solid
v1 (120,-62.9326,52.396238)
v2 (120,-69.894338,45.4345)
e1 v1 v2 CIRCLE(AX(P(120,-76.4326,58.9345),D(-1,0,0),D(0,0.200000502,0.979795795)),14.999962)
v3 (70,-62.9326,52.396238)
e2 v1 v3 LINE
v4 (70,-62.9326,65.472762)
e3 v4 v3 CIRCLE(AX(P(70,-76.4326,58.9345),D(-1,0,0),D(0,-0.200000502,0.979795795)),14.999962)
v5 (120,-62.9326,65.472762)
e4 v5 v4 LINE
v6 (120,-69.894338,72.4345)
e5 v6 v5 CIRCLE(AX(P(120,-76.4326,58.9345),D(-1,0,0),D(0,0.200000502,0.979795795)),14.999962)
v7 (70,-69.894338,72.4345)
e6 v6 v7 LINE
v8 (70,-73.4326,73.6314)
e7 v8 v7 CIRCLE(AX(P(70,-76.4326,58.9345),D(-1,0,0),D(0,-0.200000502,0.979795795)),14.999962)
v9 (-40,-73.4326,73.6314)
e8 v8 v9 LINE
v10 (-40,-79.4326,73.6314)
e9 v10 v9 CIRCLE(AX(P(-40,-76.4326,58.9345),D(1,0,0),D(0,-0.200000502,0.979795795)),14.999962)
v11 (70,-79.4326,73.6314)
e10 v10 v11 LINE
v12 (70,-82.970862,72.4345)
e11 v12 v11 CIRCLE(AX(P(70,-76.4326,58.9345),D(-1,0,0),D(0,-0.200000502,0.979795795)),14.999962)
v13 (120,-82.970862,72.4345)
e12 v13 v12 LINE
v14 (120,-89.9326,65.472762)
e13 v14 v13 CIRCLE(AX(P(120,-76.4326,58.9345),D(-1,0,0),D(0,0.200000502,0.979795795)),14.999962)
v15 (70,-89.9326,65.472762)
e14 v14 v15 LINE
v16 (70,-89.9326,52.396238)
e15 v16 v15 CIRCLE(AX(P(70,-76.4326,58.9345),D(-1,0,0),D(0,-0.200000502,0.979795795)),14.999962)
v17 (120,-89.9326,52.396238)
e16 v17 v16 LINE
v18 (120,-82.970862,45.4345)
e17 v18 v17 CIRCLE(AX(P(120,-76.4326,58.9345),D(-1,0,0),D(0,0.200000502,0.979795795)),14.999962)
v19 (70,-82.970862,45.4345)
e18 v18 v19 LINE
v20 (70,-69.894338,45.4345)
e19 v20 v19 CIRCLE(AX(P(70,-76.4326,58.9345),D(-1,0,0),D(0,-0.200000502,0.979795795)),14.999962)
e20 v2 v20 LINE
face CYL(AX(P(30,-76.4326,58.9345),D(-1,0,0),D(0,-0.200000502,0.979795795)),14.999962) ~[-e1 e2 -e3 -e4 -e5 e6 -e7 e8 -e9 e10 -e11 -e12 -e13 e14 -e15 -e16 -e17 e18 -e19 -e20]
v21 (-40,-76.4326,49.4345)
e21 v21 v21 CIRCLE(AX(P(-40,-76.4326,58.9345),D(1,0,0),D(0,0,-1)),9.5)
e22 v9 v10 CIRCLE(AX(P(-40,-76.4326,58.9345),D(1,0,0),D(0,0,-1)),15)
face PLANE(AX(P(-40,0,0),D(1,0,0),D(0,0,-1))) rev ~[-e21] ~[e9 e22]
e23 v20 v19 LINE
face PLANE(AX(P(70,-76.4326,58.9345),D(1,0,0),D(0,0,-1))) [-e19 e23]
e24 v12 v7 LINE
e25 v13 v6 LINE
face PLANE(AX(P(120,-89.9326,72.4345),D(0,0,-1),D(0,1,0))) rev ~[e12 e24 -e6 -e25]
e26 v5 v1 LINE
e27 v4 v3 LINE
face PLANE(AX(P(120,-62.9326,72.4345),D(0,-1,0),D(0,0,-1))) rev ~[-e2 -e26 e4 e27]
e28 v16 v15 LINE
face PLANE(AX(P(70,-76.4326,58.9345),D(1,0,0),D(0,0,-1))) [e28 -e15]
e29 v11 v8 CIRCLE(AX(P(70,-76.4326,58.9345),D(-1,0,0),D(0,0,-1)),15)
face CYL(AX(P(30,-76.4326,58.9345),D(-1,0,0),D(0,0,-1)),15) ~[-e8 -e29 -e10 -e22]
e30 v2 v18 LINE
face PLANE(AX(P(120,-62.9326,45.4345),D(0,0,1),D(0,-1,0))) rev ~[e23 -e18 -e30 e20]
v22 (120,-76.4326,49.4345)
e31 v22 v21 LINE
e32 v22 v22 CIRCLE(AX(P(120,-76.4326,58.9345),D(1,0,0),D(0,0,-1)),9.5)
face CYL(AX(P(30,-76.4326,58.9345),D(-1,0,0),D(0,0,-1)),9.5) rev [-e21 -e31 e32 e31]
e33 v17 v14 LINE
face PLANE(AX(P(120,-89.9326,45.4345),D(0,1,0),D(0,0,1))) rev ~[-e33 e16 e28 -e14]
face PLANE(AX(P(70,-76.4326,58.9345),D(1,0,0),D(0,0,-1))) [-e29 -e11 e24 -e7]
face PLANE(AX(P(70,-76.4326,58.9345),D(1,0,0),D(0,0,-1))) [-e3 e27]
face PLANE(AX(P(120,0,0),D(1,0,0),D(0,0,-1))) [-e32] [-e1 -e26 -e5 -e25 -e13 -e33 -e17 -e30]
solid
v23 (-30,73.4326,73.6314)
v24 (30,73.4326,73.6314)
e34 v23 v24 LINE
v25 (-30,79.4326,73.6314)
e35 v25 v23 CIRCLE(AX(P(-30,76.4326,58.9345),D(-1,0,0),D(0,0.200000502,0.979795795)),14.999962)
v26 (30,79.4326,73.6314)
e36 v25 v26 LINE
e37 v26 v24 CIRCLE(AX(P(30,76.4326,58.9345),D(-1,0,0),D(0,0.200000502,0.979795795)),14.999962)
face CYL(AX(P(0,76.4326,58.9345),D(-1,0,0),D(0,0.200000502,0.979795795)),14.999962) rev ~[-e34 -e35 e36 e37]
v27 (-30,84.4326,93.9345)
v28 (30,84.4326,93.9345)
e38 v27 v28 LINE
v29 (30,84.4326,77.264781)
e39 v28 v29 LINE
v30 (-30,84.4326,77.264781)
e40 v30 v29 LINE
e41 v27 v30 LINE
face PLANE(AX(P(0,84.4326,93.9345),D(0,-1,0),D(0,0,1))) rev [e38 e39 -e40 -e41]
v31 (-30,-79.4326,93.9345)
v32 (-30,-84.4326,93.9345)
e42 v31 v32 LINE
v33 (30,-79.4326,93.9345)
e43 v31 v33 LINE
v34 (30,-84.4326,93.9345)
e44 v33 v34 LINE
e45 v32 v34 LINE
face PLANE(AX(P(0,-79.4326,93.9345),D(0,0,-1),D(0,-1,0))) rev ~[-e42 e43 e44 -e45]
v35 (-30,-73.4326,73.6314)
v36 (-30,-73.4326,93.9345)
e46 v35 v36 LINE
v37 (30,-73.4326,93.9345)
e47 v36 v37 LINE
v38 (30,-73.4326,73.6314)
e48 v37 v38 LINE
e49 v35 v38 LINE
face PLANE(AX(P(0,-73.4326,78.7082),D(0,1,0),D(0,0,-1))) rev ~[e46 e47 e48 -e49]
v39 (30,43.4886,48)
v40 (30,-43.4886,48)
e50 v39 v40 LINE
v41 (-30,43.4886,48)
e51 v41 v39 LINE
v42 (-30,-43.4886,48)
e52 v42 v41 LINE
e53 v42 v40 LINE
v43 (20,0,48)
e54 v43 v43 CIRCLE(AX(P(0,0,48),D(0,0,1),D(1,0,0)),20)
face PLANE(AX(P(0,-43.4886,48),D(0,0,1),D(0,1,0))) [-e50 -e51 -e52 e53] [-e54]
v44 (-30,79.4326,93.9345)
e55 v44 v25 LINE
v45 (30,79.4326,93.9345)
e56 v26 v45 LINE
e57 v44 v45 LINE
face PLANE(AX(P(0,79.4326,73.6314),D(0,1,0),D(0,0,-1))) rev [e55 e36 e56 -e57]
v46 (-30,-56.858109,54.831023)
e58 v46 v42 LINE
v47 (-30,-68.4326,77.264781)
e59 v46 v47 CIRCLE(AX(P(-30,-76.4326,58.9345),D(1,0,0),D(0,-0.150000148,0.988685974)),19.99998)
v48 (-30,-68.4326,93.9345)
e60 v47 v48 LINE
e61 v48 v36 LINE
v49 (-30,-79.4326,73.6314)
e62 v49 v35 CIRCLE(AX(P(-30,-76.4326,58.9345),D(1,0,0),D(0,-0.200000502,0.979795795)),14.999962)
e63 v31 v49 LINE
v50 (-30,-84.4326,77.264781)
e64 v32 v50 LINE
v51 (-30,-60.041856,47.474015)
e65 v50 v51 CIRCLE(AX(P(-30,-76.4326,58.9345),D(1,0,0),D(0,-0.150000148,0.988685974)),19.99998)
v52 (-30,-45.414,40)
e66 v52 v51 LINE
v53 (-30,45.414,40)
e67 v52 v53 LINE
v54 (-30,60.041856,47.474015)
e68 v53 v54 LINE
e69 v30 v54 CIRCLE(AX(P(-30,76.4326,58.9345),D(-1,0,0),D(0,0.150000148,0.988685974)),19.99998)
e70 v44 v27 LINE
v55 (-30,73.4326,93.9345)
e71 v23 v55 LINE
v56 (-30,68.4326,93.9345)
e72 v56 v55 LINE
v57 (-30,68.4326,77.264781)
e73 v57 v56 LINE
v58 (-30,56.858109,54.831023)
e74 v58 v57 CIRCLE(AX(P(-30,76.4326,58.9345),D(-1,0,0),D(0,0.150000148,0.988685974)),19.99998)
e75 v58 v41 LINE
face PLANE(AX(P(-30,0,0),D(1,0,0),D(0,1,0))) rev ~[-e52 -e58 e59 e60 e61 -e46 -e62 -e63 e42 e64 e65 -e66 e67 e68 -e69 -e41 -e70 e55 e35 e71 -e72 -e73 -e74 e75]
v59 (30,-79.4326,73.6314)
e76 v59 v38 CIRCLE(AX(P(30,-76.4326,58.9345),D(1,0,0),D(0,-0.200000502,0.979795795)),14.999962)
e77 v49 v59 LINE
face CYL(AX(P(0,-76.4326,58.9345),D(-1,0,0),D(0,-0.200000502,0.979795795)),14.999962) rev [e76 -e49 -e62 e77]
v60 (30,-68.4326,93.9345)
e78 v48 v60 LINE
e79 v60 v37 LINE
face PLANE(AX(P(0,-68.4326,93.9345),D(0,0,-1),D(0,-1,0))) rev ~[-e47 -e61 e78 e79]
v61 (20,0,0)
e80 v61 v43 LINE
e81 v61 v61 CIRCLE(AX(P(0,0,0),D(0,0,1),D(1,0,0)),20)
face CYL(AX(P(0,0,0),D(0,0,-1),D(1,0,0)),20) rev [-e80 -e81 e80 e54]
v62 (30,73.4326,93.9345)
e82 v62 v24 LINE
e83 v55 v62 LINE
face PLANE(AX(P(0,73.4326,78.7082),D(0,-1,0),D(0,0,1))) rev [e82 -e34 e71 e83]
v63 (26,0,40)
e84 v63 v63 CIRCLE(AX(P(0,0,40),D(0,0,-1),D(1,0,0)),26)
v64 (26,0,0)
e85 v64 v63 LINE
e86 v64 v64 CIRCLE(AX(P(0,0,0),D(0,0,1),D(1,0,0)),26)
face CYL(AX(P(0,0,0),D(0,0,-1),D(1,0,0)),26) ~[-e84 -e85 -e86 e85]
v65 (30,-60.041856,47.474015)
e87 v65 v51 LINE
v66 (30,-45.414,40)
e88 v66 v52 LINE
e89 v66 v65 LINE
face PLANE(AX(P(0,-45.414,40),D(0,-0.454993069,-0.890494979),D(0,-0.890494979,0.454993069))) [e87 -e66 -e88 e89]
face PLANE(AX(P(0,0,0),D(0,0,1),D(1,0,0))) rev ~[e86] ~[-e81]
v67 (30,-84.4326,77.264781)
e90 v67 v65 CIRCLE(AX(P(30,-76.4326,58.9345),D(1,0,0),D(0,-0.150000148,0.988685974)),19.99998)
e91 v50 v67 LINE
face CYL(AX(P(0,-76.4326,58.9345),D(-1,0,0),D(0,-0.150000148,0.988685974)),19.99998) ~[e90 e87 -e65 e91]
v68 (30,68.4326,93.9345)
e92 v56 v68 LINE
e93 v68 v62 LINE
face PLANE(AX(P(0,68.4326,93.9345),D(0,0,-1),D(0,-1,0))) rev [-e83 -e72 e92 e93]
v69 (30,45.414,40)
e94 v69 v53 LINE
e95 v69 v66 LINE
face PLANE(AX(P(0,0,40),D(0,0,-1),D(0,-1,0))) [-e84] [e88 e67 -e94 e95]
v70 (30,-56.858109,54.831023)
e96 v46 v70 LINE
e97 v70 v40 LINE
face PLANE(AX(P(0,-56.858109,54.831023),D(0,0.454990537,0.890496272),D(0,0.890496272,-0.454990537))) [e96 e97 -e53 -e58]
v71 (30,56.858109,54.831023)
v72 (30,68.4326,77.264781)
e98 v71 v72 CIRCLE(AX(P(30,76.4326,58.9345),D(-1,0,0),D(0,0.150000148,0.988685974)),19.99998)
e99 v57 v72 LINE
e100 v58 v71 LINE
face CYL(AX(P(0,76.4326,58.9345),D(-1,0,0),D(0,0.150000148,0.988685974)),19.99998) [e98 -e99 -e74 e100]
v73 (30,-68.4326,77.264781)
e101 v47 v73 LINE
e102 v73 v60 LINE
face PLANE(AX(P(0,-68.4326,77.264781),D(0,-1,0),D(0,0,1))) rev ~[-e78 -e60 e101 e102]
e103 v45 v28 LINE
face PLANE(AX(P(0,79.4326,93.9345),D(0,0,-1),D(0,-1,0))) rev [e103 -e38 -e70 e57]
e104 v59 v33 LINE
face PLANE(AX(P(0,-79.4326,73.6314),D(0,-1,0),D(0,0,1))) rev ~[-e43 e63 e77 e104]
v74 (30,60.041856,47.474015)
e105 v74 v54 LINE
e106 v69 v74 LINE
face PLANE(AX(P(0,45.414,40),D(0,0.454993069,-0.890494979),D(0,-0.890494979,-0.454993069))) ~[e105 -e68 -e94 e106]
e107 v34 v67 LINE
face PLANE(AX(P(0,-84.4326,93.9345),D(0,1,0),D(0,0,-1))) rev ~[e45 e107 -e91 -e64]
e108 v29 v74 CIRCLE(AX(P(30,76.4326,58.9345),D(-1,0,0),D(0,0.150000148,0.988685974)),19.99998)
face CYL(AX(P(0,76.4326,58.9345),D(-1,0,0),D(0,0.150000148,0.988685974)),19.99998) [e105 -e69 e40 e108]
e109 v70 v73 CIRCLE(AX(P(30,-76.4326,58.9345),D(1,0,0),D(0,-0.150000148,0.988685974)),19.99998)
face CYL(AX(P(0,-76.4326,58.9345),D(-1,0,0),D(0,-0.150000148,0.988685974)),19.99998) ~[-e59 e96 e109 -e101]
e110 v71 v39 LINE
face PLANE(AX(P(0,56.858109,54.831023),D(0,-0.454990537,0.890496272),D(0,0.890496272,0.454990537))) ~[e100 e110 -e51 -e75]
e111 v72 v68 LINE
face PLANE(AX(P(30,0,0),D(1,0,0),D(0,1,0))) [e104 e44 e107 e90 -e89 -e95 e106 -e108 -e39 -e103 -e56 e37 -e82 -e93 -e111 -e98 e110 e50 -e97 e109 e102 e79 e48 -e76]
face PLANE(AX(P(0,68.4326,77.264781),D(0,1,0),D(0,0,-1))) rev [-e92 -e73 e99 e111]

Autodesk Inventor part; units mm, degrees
ref_plane "YZ Plane" through (0, 0, 0) normal (1, 0, 0) x (0, 1, 0)
ref_plane "XZ Plane" through (0, 0, 0) normal (0, 1, 0) x (-1, 0, 0)
ref_plane "XY Plane" through (0, 0, 0) normal (0, 0, 1) x (1, 0, 0)
sketch "Náčrt1" plane through (0, 0, 0) normal (0, 0, 1) x (1, 0, 0)
  point P0 (0, 0)
sketch "Náčrt2" plane through (0, 0, 0) normal (0, 0, 1) x (1, 0, 0)
  circle A0 centre (0, 0) radius 20
  circle A1 centre (0, 0) radius 26
  dimension "d0" = 40
  dimension "d1" = 6
extrude "Vysunutí1" add sketch "Náčrt2" along normal blind 40
sketch "Náčrt3" plane through (0, 0, 0) normal (1, 0, 0) x (0, 1, 0)
  line L0 (26, 40) -> (-26, 40) projected
  line L1 (0, 40) -> (-45.414, 40)
  line L2 (-45.414, 40) -> (-62.0898, 48.5204)
  line L3 (-58.9679, 55.909) -> (-43.4886, 48)
  line L4 (-43.4886, 48) -> (0, 48)
  arc A0 (-79.4326, 78.7082) -> (-73.4326, 78.7082) centre (-76.4326, 58.9345) ccw
  line L5 (-58.9679, 55.909) -> (-62.0898, 48.5204)
  line L6 (-60.5289, 52.2147) -> (-76.4326, 58.9345) construction
  line L7 (-76.4326, 58.9345) -> (-76.4326, 91.1664) construction
  line L8 (-79.4326, 93.9345) -> (-84.4326, 93.9345)
  line L9 (-84.4326, 93.9345) -> (-84.4326, 73.6314)
  line L10 (-84.4326, 73.6314) -> (-79.4326, 73.6314)
  line L11 (-79.4326, 73.6314) -> (-79.4326, 93.9345)
  line L12 (-73.4326, 73.6314) -> (-68.4326, 73.6314)
  line L13 (-68.4326, 73.6314) -> (-68.4326, 93.9345)
  line L14 (-68.4326, 93.9345) -> (-73.4326, 93.9345)
  line L15 (-73.4326, 93.9345) -> (-73.4326, 73.6314)
  arc A1 (-79.4326, 73.6314) -> (-73.4326, 73.6314) centre (-76.4326, 58.9345) ccw
  line L16 (0, 48) -> (0, 40)
  point P0 (0, 0)
  dimension "d4" = 8
  dimension "d5" = 40
  dimension "d7" = 5
  dimension "d8" = 6
  dimension "d9" = 3
  dimension "d10" = 15
extrude "Vysunutí2" add sketch "Náčrt3" along normal mid plane 60
mirror "Zrcadlit1" about plane through (0, 0, 0) normal (0, 1, 0) of "Vysunutí2"
sketch "Náčrt4" plane through (-30, -43.4886, 48) normal (0, 0, 1) x (1, 0, 0)
  circle A0 centre (30, 43.4886) radius 20 projected
extrude "Vysunutí3" cut sketch "Náčrt4" against normal blind 40
sketch "Náčrt5" plane through (30, 0, 0) normal (1, 0, 0) x (0, 0, -1)
  arc A0 (-73.6314, -79.4326) -> (-73.6314, -73.4326) centre (-58.9345, -76.4326) ccw projected
  circle A1 centre (-58.9345, -76.4326) radius 15
  circle A2 centre (-58.9345, -76.4326) radius 9.5
  point P0 (0, 0)
  dimension "d15" = 19
extrude "Vysunutí4" add sketch "Náčrt5" along normal blind 90 and the other way blind 70 separate body
sketch "Náčrt6" plane through (120, -76.4326, 58.9345) normal (1, 0, 0) x (0, 0, -1)
  line L0 (13.5, -13.5) -> (-13.5, -13.5)
  line L1 (-13.5, -13.5) -> (-13.5, 13.5)
  line L2 (-13.5, 13.5) -> (13.5, 13.5)
  line L3 (13.5, 13.5) -> (13.5, -13.5)
  line L4 (13.5, -13.5) -> (-13.5, 13.5) construction
  line L5 (-13.5, -13.5) -> (13.5, 13.5) construction
  circle A0 centre (0, 0) radius 9.5 projected
  line L6 (-20.2709, 20.2709) -> (-20.2709, -20.2709)
  line L7 (-20.2709, -20.2709) -> (20.2709, -20.2709)
  line L8 (20.2709, -20.2709) -> (20.2709, 20.2709)
  line L9 (20.2709, 20.2709) -> (-20.2709, 20.2709)
  point P0 (58.9345, 76.4326)
  dimension "d20" = 27
extrude "Vysunutí5" cut sketch "Náčrt6" against normal blind 50 contours L9 L8 L7 L6 bodies 2
equation "\"d9\" = 0.5 * d8"
properties part number "B8-A4"
